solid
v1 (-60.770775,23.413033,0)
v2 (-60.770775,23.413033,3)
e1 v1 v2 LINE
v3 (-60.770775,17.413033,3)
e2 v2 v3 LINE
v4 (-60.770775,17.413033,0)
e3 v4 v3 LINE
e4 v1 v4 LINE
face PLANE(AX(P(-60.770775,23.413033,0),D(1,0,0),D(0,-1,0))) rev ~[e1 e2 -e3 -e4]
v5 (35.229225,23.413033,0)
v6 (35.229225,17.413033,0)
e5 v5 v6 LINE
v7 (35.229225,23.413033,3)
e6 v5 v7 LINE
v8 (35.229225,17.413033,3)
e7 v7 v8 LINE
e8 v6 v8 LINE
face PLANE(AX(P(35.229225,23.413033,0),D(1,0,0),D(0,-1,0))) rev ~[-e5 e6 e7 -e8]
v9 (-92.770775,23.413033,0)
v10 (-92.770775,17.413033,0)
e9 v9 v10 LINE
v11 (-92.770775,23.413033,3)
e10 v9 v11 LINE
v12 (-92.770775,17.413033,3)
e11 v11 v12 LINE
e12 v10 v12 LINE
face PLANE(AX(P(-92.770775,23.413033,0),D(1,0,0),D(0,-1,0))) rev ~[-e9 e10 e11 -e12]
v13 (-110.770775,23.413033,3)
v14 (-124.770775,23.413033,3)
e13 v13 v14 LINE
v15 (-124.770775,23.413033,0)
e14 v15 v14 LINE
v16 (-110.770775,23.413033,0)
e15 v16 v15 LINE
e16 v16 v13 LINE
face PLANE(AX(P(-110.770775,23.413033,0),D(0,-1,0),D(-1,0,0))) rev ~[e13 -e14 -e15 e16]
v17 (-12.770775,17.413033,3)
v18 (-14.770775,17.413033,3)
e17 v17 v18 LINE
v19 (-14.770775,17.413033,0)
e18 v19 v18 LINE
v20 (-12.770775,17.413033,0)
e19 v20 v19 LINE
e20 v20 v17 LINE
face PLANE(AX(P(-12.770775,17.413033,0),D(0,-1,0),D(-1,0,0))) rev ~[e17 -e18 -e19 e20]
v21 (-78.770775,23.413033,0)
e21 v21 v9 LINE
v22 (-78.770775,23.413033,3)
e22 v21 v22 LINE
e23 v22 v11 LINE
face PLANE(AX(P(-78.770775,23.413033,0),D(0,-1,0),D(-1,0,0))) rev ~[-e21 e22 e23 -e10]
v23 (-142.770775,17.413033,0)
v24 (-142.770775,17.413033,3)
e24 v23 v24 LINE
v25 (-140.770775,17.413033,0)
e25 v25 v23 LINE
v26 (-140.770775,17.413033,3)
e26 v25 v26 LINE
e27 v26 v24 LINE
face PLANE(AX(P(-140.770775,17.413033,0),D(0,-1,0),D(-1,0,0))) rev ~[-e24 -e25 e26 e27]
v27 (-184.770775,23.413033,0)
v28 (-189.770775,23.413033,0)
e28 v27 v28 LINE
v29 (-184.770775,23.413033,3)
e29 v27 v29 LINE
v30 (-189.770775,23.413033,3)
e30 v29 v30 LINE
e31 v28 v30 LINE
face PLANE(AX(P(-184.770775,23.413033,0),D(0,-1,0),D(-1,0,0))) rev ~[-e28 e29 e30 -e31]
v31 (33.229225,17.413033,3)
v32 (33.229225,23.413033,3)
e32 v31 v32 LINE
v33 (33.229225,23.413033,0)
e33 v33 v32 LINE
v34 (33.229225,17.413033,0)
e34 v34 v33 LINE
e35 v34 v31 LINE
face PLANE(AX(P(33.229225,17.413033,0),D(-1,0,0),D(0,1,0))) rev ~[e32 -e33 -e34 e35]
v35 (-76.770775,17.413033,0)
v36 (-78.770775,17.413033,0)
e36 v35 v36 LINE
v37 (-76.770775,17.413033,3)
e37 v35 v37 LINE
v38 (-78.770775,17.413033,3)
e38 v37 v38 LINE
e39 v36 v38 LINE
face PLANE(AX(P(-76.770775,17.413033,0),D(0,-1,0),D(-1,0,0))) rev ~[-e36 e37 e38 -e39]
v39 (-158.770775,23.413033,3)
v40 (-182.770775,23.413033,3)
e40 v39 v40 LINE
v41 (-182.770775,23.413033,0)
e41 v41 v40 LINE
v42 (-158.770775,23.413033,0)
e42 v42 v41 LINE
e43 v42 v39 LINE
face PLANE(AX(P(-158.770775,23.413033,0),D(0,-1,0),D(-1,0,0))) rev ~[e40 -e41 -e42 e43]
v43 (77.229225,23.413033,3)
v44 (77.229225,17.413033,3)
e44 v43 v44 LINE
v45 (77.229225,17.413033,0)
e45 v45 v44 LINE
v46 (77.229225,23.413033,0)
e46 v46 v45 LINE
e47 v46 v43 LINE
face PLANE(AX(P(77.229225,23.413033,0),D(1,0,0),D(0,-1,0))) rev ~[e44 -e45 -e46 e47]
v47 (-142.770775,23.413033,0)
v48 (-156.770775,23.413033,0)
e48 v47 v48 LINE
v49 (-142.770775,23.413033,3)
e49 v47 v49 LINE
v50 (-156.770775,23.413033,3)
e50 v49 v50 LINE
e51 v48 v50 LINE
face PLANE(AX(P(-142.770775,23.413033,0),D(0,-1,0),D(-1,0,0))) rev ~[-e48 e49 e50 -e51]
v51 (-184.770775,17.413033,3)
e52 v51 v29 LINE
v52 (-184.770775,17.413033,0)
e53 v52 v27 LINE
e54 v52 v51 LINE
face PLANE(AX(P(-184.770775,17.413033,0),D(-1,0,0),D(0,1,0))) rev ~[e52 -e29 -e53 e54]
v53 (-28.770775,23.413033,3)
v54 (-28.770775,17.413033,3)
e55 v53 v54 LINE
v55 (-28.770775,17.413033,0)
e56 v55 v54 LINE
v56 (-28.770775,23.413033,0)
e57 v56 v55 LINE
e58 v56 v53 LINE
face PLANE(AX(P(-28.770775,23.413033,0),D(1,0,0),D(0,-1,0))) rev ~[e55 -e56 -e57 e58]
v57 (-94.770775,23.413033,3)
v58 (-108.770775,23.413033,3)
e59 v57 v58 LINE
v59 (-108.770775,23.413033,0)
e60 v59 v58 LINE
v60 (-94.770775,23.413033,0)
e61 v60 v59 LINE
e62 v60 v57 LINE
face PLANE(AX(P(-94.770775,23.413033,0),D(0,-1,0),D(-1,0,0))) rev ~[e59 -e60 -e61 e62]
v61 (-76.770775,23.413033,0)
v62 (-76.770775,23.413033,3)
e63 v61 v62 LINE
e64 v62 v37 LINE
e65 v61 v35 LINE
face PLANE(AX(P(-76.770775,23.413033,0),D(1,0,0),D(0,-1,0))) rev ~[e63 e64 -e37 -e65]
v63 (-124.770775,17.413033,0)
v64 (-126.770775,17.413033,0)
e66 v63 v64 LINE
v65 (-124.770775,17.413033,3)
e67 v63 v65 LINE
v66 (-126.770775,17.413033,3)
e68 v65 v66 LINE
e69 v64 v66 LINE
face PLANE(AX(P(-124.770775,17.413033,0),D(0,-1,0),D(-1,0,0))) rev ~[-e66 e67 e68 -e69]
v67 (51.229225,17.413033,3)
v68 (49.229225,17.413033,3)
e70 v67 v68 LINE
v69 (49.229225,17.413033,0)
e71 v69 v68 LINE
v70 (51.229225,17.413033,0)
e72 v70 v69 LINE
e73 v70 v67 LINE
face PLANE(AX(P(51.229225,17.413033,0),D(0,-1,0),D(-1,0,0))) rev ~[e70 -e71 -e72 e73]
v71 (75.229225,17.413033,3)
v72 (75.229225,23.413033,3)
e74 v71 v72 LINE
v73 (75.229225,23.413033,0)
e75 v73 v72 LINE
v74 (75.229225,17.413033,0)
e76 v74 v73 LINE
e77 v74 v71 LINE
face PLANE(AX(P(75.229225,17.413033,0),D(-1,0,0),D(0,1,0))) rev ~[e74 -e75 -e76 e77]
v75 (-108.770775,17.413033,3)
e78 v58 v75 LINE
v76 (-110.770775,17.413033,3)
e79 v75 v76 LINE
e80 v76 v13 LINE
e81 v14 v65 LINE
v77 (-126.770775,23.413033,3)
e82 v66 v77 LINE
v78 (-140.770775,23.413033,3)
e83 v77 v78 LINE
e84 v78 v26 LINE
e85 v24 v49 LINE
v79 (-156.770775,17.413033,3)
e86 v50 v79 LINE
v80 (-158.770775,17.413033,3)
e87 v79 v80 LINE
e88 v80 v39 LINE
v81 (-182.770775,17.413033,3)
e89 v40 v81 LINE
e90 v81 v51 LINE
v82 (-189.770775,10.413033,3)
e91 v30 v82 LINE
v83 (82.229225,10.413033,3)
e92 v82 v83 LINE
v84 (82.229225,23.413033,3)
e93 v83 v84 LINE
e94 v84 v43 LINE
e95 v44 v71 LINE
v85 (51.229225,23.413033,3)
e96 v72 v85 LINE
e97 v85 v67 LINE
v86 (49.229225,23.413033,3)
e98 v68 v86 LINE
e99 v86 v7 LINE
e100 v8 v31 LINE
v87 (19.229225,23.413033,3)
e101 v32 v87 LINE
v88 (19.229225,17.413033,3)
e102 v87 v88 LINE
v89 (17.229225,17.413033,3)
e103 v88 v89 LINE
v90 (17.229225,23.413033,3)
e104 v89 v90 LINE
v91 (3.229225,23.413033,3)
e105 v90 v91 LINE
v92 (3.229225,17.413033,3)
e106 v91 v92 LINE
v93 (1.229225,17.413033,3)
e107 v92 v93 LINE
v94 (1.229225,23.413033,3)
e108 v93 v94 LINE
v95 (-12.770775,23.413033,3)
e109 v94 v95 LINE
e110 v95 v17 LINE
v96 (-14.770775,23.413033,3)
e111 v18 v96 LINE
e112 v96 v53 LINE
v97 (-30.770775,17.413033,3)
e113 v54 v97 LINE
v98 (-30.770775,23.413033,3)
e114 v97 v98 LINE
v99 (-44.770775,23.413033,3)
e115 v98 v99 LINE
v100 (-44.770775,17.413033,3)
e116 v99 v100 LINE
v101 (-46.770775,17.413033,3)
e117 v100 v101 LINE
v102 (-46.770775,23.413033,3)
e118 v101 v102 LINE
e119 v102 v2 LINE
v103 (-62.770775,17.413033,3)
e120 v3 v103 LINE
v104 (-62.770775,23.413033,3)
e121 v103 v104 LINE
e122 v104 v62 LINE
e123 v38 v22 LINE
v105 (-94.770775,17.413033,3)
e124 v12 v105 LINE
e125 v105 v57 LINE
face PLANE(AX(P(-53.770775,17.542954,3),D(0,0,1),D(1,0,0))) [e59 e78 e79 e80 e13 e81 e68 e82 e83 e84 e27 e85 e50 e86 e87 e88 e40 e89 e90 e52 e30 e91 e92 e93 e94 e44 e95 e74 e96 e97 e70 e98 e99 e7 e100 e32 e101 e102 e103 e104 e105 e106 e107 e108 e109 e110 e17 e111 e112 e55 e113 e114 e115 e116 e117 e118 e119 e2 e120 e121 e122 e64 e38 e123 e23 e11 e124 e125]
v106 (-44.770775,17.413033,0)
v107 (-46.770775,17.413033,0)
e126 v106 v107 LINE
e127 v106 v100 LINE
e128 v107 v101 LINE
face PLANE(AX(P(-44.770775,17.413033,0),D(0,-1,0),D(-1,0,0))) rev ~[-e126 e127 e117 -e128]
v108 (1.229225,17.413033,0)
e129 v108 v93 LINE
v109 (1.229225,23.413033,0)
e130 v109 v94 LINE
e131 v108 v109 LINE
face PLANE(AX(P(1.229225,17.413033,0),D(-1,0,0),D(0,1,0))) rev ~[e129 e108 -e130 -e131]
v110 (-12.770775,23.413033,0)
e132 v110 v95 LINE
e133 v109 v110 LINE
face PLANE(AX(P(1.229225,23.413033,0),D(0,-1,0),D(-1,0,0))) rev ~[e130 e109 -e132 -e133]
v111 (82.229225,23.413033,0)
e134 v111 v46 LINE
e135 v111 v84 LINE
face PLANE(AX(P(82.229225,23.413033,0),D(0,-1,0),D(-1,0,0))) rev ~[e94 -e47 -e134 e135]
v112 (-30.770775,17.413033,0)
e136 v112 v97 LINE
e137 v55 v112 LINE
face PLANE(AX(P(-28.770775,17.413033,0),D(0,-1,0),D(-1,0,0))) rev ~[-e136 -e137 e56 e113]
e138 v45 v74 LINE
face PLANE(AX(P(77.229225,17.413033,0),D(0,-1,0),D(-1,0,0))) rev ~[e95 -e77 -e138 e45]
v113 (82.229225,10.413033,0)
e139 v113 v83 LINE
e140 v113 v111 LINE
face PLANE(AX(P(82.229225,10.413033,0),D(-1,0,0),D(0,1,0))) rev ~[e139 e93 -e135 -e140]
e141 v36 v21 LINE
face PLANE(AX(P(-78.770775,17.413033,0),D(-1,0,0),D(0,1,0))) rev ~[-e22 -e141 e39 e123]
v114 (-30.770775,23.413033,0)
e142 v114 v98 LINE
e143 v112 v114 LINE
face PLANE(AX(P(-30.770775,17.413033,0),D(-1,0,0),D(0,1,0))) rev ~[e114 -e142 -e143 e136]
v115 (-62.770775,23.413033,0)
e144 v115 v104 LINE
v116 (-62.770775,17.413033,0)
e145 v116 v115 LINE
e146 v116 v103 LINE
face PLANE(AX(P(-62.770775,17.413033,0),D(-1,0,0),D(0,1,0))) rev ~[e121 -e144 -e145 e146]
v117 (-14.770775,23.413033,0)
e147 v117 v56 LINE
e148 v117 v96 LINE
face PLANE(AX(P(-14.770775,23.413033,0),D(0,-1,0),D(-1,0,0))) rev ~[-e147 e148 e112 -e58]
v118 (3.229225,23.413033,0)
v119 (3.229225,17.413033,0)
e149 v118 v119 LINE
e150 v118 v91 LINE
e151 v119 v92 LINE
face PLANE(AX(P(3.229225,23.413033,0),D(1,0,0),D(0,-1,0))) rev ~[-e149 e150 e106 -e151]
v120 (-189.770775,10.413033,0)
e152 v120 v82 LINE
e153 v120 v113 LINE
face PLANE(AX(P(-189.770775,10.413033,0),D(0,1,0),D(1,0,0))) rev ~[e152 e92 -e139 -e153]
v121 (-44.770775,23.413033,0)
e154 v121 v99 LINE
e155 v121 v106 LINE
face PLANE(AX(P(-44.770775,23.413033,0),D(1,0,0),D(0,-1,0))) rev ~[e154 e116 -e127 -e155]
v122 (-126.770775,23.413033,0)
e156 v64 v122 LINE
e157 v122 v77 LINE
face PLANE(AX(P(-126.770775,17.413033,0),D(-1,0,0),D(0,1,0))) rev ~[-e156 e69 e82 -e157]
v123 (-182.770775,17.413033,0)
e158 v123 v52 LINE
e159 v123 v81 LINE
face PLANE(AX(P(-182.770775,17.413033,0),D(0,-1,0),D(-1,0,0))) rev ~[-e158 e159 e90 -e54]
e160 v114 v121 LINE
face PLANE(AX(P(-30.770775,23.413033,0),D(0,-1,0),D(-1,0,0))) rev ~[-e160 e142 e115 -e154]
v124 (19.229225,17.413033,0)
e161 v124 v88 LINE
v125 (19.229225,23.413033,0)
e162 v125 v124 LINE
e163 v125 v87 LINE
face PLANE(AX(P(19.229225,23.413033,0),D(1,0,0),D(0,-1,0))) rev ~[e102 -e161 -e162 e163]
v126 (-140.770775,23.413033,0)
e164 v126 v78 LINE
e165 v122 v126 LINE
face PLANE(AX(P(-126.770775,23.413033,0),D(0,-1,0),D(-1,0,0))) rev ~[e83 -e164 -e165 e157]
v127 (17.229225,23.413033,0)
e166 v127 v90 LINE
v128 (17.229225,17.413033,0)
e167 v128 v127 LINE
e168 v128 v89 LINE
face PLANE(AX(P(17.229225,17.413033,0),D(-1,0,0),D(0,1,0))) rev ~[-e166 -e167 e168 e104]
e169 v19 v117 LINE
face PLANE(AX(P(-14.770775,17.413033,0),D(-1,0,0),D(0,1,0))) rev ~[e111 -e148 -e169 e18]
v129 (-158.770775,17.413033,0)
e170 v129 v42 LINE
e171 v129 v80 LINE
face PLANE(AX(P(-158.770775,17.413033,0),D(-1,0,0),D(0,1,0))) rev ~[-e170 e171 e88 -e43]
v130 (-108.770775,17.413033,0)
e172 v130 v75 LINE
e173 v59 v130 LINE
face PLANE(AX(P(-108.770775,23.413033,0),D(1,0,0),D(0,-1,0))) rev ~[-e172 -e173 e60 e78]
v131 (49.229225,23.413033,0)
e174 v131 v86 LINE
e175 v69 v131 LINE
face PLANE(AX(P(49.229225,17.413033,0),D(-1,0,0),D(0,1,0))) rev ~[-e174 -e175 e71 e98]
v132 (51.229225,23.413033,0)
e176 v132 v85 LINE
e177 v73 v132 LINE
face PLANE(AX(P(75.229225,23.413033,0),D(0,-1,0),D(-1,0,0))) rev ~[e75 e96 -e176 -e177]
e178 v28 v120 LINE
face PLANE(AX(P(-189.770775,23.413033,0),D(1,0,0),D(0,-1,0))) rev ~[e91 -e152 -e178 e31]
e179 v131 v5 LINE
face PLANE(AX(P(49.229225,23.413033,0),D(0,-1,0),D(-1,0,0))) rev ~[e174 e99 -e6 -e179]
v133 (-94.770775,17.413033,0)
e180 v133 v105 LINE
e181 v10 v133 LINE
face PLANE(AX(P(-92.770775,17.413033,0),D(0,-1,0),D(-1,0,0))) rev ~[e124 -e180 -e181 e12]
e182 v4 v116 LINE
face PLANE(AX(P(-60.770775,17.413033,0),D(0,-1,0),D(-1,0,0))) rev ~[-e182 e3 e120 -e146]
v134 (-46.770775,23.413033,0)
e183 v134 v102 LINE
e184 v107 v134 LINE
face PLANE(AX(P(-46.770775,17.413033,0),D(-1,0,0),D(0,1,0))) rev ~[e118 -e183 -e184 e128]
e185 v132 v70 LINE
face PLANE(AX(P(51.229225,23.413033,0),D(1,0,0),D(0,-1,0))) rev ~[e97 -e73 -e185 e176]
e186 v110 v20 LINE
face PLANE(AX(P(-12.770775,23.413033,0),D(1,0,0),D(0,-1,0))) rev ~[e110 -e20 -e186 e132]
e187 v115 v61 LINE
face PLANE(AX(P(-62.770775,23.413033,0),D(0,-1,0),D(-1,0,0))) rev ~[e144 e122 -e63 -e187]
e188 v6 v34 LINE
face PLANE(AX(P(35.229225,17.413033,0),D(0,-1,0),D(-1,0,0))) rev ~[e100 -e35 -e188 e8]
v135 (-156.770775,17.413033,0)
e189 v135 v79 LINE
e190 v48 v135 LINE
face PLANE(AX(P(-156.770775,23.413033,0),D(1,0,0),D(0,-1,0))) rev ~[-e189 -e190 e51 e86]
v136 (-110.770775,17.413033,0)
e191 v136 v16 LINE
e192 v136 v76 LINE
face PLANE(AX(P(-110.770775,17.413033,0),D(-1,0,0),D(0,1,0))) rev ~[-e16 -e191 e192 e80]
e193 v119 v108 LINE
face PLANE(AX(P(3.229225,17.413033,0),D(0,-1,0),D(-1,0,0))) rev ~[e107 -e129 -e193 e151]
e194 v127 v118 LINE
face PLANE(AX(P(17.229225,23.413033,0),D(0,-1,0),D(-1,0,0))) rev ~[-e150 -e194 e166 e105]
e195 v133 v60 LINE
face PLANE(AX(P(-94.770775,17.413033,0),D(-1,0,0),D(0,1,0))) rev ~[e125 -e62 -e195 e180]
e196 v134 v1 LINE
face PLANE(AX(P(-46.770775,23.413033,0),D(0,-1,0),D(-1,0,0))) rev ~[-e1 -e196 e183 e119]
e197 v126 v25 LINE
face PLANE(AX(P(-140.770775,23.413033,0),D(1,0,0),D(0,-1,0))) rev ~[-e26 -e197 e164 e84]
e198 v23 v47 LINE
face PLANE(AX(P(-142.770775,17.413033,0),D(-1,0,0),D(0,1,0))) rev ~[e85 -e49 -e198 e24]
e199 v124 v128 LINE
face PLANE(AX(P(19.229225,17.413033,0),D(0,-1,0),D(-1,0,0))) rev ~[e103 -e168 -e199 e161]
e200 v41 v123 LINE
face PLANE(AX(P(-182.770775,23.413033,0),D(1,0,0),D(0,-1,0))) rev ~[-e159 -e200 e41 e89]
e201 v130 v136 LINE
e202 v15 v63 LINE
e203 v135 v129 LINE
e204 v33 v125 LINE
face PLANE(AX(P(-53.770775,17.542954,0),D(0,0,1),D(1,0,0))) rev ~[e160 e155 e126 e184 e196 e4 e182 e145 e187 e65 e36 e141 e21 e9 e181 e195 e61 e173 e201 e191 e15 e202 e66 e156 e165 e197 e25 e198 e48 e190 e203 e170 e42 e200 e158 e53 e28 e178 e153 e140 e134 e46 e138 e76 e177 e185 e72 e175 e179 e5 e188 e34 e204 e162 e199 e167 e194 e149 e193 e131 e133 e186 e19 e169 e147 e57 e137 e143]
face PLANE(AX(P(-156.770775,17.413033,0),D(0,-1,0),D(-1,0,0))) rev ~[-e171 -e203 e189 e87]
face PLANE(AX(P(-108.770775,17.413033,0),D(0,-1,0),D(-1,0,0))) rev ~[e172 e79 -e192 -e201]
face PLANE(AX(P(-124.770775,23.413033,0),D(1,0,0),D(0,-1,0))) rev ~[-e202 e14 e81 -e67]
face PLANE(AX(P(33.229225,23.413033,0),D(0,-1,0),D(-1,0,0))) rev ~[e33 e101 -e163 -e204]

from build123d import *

# Parameters (mm, degrees)
F1_DEPTH = 3


with BuildPart() as f1:
    # F0 (on Top) → F1 (new body)
    with BuildSketch(Plane.XY):
        Polygon((-184.770775, 23.413033), (-189.770775, 23.413033), (-189.770775, 10.413033), (82.229225, 10.413033), (82.229225, 23.413033), (77.229225, 23.413033), (77.229225, 17.413033), (75.229225, 17.413033), (75.229225, 23.413033), (51.229225, 23.413033), (51.229225, 17.413033), (49.229225, 17.413033), (49.229225, 23.413033), (35.229225, 23.413033), (35.229225, 17.413033), (33.229225, 17.413033), (33.229225, 23.413033), (19.229225, 23.413033), (19.229225, 17.413033), (17.229225, 17.413033), (17.229225, 23.413033), (3.229225, 23.413033), (3.229225, 17.413033), (1.229225, 17.413033), (1.229225, 23.413033), (-12.770775, 23.413033), (-12.770775, 17.413033), (-14.770775, 17.413033), (-14.770775, 23.413033), (-28.770775, 23.413033), (-28.770775, 17.413033), (-30.770775, 17.413033), (-30.770775, 23.413033), (-44.770775, 23.413033), (-44.770775, 17.413033), (-46.770775, 17.413033), (-46.770775, 23.413033), (-60.770775, 23.413033), (-60.770775, 17.413033), (-62.770775, 17.413033), (-62.770775, 23.413033), (-76.770775, 23.413033), (-76.770775, 17.413033), (-78.770775, 17.413033), (-78.770775, 23.413033), (-92.770775, 23.413033), (-92.770775, 17.413033), (-94.770775, 17.413033), (-94.770775, 23.413033), (-108.770775, 23.413033), (-108.770775, 17.413033), (-110.770775, 17.413033), (-110.770775, 23.413033), (-124.770775, 23.413033), (-124.770775, 17.413033), (-126.770775, 17.413033), (-126.770775, 23.413033), (-140.770775, 23.413033), (-140.770775, 17.413033), (-142.770775, 17.413033), (-142.770775, 23.413033), (-156.770775, 23.413033), (-156.770775, 17.413033), (-158.770775, 17.413033), (-158.770775, 23.413033), (-182.770775, 23.413033), (-182.770775, 17.413033), (-184.770775, 17.413033), align=None)
    extrude(amount=F1_DEPTH)


solid = f1.part
